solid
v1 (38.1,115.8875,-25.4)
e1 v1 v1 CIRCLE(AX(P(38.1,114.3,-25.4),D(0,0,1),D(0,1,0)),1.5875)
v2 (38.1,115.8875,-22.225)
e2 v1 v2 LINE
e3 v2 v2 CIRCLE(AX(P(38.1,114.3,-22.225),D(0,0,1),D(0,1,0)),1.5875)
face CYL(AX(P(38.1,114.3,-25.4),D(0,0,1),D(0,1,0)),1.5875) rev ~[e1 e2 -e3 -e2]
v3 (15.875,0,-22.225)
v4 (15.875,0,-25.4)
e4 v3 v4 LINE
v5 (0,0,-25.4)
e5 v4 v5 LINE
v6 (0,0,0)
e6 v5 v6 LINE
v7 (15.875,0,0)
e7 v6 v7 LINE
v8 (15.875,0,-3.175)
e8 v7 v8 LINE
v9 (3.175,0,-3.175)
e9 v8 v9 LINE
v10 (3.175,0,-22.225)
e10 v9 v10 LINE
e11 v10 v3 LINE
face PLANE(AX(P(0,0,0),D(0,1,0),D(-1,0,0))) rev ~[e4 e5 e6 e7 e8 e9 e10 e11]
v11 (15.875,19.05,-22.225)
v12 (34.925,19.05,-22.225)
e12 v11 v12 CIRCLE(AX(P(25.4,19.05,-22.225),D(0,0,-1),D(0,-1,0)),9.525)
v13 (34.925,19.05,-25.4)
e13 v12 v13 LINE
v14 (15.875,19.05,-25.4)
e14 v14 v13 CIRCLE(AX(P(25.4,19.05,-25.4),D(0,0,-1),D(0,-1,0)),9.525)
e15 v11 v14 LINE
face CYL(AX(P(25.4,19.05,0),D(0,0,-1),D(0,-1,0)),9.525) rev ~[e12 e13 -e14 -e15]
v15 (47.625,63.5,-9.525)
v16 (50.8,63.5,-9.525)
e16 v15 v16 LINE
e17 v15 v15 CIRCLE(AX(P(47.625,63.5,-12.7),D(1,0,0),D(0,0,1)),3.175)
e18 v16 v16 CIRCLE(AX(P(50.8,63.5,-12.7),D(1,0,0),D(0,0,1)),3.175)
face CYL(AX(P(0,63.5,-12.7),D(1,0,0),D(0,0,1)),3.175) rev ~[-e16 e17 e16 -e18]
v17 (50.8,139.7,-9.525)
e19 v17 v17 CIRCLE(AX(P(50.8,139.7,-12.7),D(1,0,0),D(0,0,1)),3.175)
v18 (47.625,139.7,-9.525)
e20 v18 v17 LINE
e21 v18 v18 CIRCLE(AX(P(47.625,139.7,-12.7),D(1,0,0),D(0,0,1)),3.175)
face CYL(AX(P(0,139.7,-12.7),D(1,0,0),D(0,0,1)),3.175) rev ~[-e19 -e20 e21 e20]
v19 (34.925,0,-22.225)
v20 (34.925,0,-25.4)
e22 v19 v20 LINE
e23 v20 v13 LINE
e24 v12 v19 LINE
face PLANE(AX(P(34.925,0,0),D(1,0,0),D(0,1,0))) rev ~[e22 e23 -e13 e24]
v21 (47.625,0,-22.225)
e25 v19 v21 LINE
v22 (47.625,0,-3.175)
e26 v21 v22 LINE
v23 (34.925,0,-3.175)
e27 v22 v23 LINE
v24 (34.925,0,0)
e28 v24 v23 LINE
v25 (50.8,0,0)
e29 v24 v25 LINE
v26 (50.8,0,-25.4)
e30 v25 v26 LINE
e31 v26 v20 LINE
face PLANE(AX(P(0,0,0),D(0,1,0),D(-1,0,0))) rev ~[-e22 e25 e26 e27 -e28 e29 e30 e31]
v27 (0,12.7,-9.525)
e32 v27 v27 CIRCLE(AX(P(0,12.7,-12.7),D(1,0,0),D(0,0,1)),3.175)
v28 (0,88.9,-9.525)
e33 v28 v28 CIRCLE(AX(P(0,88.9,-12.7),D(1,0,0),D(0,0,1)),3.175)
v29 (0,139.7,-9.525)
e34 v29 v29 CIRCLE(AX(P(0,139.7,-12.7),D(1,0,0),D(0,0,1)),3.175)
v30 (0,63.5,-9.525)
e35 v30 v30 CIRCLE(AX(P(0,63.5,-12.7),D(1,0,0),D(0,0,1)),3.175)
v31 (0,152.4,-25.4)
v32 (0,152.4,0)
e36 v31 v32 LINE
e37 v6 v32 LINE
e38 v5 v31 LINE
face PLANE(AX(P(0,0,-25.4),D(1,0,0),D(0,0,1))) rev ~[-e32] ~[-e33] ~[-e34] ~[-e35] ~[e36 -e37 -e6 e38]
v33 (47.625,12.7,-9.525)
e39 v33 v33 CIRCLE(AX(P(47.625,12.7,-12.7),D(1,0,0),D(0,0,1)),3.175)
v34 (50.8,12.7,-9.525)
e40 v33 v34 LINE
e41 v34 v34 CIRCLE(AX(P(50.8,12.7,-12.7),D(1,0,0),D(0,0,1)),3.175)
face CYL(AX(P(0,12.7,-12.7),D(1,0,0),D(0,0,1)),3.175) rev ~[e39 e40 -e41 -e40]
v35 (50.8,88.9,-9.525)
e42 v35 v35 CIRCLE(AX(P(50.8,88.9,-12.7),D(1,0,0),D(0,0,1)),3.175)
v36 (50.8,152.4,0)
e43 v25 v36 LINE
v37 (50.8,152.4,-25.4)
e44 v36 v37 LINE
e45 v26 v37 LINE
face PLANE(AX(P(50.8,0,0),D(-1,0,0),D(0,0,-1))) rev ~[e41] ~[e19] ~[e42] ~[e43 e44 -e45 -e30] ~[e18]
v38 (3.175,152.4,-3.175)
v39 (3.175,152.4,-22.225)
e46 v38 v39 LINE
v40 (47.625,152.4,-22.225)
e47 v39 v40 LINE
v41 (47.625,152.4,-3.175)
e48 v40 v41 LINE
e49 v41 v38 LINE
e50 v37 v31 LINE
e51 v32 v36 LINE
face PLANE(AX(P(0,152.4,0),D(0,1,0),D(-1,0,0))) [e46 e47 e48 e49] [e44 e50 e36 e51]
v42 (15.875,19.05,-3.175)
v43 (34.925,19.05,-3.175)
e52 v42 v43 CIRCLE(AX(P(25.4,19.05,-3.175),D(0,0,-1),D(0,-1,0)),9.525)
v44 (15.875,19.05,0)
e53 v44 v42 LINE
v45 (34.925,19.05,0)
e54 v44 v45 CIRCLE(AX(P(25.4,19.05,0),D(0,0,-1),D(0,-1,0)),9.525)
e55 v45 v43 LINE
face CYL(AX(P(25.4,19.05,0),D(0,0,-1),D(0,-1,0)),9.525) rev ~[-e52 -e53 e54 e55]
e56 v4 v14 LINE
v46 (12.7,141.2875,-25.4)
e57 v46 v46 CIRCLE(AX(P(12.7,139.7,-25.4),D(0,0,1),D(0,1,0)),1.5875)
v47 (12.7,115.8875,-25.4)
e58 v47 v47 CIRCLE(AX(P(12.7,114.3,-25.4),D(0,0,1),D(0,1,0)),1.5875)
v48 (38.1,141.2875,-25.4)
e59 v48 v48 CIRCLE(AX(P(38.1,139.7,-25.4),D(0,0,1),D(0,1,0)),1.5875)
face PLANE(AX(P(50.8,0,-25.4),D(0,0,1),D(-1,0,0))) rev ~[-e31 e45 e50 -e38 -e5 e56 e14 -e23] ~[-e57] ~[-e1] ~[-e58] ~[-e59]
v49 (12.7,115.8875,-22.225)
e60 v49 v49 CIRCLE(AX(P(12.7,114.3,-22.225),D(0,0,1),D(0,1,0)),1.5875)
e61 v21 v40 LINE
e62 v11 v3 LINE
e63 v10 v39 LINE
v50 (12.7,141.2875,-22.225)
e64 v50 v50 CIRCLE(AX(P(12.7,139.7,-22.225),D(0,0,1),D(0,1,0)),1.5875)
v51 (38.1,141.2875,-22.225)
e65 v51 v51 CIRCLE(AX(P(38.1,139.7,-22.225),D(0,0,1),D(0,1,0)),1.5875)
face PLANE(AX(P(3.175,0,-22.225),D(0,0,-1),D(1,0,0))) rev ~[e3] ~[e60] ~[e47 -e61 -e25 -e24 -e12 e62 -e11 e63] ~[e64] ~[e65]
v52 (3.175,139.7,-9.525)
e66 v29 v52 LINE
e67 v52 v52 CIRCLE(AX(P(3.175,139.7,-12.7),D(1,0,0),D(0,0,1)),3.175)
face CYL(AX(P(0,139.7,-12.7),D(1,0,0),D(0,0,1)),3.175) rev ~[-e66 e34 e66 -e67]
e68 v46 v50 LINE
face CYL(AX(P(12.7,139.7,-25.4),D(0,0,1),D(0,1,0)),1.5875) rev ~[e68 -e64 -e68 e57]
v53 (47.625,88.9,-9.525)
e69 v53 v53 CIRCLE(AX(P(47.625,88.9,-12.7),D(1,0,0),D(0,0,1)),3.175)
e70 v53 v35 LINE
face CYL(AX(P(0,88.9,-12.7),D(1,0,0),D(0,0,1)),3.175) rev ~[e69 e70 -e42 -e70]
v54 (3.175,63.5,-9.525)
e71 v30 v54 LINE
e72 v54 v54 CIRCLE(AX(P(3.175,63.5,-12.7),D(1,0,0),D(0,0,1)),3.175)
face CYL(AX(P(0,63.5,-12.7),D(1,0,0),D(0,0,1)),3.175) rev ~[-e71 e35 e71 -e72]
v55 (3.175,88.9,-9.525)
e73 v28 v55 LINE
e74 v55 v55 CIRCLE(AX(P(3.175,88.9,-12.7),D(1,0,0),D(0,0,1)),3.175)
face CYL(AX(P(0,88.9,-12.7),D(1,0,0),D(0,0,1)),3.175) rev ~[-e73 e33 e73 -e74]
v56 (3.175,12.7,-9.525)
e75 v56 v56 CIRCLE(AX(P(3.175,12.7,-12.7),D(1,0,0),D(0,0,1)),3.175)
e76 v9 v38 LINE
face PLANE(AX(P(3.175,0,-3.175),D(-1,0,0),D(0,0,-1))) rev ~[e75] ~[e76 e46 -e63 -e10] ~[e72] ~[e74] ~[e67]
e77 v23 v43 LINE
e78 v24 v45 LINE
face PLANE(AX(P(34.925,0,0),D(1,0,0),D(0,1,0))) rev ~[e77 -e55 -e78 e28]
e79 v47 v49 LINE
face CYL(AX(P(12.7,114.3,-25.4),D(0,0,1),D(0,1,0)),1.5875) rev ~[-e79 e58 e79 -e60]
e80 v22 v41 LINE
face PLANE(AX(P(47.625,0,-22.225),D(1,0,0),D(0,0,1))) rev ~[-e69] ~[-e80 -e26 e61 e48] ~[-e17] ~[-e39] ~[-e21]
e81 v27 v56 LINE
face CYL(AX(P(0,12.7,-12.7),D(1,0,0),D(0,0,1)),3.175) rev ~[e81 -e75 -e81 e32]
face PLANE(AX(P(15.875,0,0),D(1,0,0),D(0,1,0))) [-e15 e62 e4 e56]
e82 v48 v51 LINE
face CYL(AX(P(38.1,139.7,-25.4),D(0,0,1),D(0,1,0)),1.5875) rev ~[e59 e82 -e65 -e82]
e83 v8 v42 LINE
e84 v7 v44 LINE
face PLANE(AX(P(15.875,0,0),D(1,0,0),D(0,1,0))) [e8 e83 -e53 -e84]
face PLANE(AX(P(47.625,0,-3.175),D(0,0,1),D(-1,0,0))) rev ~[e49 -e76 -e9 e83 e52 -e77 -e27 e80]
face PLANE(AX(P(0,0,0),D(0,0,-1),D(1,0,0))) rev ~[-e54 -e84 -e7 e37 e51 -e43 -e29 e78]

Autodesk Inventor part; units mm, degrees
ref_plane "YZ Plane" through (0, 0, 0) normal (1, 0, 0) x (0, 1, 0)
ref_plane "XZ Plane" through (0, 0, 0) normal (0, 1, 0) x (-1, 0, 0)
ref_plane "XY Plane" through (0, 0, 0) normal (0, 0, 1) x (1, 0, 0)
sketch "Sketch1" plane through (0, 0, 0) normal (0, 1, 0) x (-1, 0, 0)
  line L0 (0, 0) -> (-50.8, 0)
  line L1 (-50.8, 0) -> (-50.8, -25.4)
  line L2 (-50.8, -25.4) -> (0, -25.4)
  line L3 (0, -25.4) -> (0, 0)
  line L4 (-3.175, -22.225) -> (-47.625, -22.225)
  line L5 (-47.625, -22.225) -> (-47.625, -3.175)
  line L6 (-47.625, -3.175) -> (-3.175, -3.175)
  line L7 (-3.175, -3.175) -> (-3.175, -22.225)
  dimension "d0" = 50.8
  dimension "d1" = 25.4
  dimension "d2" = 44.45
  dimension "d3" = 19.05
  dimension "d4" = 3.175
  dimension "d5" = 3.175
extrude "Extrusion1" add sketch "Sketch1" along normal blind 152.4
sketch "Sketch2" plane through (0, 0, -25.4) normal (-1, 0, 0) x (0, 0, 1)
  line L0 (22.225, 152.4) -> (3.175, 152.4) projected
  line L1 (12.7, 152.4) -> (12.7, 0) construction
  line L2 (3.175, 0) -> (22.225, 0) projected
  line L3 (0, 0) -> (0, 152.4) construction
  line L4 (25.4, 0) -> (25.4, 152.4) construction
  line L5 (25.4, 0) -> (25.4, 152.4) projected
  line L6 (25.4, 76.2) -> (0, 76.2) construction
  circle A0 centre (12.7, 88.9) radius 3.175
  circle A1 centre (12.7, 63.5) radius 3.175
  circle A2 centre (12.7, 139.7) radius 3.175
  circle A3 centre (12.7, 12.7) radius 3.175
  dimension "d8" = 6.35
  dimension "d9" = 12.7
  dimension "d10" = 6.35
  dimension "d11" = 12.7
hole "Hole2" at (0, 139.7, -12.7) at (0, 88.9, -12.7) at (0, 63.5, -12.7) at (0, 12.7, -12.7) direction (1, 0, 0) diameter 6.35 end through all
sketch "Sketch3" plane through (50.8, 0, -25.4) normal (0, 0, -1) x (-1, 0, 0)
  line L0 (50.8, 152.4) -> (0, 152.4) projected
  line L1 (25.4, 152.4) -> (25.4, 0) construction
  line L2 (12.7, 152.4) -> (12.7, 139.7) construction
  line L3 (0, 0) -> (0, 152.4) projected
  line L4 (0, 127) -> (50.8, 127) construction
  circle A0 centre (12.7, 139.7) radius 1.5875
  circle A1 centre (38.1, 139.7) radius 1.5875
  circle A2 centre (12.7, 114.3) radius 1.5875
  circle A3 centre (38.1, 114.3) radius 1.5875
  point P0 (50.8, 0)
  dimension "d27" = 12.7
  dimension "d28" = 12.7
  dimension "d30" = 3.175
  dimension "d31" = 25.4
hole "Hole3" at (38.1, 139.7, -25.4) at (38.1, 114.3, -25.4) at (12.7, 114.3, -25.4) at (12.7, 139.7, -25.4) direction (0, 0, 1) diameter 3.175 depth 3.175 tip angle 118
sketch "Sketch4" plane through (0, 0, 0) normal (0, 0, 1) x (1, 0, 0)
  line L0 (0, 0) -> (50.8, 0) projected
  line L1 (34.925, 0) -> (34.925, 19.05)
  line L2 (15.875, 0) -> (15.875, 19.05)
  line L3 (0, 0) -> (0, 152.4) projected
  line L4 (50.8, 0) -> (50.8, 152.4) projected
  circle A0 centre (25.4, 19.05) radius 9.525
  line L5 (15.875, 0) -> (34.925, 0)
  line L6 (47.625, 0) -> (3.175, 0) projected
  line L7 (15.875, 19.05) -> (34.925, 19.05)
  line L8 (34.925, 19.05) -> (34.925, 0)
  line L9 (34.925, 0) -> (15.875, 0)
  line L10 (15.875, 0) -> (15.875, 19.05)
  dimension "d39" = 15.875
  dimension "d40" = 15.875
  dimension "d48" = 19.05
  dimension "d49" = 19.05
hole "Hole4" at (25.4, 19.05, 0) direction (0, 0, -1) diameter 19.05 depth 25.4 tip angle 118
extrude "Extrusion2" cut sketch "Sketch4" against normal blind 25.4 contours L2 A0 L1 L0 | L7 A0 picked at (22.9312, 16.1848)
properties part number "2AM-17-P-0205" material "Aluminum 6061"
